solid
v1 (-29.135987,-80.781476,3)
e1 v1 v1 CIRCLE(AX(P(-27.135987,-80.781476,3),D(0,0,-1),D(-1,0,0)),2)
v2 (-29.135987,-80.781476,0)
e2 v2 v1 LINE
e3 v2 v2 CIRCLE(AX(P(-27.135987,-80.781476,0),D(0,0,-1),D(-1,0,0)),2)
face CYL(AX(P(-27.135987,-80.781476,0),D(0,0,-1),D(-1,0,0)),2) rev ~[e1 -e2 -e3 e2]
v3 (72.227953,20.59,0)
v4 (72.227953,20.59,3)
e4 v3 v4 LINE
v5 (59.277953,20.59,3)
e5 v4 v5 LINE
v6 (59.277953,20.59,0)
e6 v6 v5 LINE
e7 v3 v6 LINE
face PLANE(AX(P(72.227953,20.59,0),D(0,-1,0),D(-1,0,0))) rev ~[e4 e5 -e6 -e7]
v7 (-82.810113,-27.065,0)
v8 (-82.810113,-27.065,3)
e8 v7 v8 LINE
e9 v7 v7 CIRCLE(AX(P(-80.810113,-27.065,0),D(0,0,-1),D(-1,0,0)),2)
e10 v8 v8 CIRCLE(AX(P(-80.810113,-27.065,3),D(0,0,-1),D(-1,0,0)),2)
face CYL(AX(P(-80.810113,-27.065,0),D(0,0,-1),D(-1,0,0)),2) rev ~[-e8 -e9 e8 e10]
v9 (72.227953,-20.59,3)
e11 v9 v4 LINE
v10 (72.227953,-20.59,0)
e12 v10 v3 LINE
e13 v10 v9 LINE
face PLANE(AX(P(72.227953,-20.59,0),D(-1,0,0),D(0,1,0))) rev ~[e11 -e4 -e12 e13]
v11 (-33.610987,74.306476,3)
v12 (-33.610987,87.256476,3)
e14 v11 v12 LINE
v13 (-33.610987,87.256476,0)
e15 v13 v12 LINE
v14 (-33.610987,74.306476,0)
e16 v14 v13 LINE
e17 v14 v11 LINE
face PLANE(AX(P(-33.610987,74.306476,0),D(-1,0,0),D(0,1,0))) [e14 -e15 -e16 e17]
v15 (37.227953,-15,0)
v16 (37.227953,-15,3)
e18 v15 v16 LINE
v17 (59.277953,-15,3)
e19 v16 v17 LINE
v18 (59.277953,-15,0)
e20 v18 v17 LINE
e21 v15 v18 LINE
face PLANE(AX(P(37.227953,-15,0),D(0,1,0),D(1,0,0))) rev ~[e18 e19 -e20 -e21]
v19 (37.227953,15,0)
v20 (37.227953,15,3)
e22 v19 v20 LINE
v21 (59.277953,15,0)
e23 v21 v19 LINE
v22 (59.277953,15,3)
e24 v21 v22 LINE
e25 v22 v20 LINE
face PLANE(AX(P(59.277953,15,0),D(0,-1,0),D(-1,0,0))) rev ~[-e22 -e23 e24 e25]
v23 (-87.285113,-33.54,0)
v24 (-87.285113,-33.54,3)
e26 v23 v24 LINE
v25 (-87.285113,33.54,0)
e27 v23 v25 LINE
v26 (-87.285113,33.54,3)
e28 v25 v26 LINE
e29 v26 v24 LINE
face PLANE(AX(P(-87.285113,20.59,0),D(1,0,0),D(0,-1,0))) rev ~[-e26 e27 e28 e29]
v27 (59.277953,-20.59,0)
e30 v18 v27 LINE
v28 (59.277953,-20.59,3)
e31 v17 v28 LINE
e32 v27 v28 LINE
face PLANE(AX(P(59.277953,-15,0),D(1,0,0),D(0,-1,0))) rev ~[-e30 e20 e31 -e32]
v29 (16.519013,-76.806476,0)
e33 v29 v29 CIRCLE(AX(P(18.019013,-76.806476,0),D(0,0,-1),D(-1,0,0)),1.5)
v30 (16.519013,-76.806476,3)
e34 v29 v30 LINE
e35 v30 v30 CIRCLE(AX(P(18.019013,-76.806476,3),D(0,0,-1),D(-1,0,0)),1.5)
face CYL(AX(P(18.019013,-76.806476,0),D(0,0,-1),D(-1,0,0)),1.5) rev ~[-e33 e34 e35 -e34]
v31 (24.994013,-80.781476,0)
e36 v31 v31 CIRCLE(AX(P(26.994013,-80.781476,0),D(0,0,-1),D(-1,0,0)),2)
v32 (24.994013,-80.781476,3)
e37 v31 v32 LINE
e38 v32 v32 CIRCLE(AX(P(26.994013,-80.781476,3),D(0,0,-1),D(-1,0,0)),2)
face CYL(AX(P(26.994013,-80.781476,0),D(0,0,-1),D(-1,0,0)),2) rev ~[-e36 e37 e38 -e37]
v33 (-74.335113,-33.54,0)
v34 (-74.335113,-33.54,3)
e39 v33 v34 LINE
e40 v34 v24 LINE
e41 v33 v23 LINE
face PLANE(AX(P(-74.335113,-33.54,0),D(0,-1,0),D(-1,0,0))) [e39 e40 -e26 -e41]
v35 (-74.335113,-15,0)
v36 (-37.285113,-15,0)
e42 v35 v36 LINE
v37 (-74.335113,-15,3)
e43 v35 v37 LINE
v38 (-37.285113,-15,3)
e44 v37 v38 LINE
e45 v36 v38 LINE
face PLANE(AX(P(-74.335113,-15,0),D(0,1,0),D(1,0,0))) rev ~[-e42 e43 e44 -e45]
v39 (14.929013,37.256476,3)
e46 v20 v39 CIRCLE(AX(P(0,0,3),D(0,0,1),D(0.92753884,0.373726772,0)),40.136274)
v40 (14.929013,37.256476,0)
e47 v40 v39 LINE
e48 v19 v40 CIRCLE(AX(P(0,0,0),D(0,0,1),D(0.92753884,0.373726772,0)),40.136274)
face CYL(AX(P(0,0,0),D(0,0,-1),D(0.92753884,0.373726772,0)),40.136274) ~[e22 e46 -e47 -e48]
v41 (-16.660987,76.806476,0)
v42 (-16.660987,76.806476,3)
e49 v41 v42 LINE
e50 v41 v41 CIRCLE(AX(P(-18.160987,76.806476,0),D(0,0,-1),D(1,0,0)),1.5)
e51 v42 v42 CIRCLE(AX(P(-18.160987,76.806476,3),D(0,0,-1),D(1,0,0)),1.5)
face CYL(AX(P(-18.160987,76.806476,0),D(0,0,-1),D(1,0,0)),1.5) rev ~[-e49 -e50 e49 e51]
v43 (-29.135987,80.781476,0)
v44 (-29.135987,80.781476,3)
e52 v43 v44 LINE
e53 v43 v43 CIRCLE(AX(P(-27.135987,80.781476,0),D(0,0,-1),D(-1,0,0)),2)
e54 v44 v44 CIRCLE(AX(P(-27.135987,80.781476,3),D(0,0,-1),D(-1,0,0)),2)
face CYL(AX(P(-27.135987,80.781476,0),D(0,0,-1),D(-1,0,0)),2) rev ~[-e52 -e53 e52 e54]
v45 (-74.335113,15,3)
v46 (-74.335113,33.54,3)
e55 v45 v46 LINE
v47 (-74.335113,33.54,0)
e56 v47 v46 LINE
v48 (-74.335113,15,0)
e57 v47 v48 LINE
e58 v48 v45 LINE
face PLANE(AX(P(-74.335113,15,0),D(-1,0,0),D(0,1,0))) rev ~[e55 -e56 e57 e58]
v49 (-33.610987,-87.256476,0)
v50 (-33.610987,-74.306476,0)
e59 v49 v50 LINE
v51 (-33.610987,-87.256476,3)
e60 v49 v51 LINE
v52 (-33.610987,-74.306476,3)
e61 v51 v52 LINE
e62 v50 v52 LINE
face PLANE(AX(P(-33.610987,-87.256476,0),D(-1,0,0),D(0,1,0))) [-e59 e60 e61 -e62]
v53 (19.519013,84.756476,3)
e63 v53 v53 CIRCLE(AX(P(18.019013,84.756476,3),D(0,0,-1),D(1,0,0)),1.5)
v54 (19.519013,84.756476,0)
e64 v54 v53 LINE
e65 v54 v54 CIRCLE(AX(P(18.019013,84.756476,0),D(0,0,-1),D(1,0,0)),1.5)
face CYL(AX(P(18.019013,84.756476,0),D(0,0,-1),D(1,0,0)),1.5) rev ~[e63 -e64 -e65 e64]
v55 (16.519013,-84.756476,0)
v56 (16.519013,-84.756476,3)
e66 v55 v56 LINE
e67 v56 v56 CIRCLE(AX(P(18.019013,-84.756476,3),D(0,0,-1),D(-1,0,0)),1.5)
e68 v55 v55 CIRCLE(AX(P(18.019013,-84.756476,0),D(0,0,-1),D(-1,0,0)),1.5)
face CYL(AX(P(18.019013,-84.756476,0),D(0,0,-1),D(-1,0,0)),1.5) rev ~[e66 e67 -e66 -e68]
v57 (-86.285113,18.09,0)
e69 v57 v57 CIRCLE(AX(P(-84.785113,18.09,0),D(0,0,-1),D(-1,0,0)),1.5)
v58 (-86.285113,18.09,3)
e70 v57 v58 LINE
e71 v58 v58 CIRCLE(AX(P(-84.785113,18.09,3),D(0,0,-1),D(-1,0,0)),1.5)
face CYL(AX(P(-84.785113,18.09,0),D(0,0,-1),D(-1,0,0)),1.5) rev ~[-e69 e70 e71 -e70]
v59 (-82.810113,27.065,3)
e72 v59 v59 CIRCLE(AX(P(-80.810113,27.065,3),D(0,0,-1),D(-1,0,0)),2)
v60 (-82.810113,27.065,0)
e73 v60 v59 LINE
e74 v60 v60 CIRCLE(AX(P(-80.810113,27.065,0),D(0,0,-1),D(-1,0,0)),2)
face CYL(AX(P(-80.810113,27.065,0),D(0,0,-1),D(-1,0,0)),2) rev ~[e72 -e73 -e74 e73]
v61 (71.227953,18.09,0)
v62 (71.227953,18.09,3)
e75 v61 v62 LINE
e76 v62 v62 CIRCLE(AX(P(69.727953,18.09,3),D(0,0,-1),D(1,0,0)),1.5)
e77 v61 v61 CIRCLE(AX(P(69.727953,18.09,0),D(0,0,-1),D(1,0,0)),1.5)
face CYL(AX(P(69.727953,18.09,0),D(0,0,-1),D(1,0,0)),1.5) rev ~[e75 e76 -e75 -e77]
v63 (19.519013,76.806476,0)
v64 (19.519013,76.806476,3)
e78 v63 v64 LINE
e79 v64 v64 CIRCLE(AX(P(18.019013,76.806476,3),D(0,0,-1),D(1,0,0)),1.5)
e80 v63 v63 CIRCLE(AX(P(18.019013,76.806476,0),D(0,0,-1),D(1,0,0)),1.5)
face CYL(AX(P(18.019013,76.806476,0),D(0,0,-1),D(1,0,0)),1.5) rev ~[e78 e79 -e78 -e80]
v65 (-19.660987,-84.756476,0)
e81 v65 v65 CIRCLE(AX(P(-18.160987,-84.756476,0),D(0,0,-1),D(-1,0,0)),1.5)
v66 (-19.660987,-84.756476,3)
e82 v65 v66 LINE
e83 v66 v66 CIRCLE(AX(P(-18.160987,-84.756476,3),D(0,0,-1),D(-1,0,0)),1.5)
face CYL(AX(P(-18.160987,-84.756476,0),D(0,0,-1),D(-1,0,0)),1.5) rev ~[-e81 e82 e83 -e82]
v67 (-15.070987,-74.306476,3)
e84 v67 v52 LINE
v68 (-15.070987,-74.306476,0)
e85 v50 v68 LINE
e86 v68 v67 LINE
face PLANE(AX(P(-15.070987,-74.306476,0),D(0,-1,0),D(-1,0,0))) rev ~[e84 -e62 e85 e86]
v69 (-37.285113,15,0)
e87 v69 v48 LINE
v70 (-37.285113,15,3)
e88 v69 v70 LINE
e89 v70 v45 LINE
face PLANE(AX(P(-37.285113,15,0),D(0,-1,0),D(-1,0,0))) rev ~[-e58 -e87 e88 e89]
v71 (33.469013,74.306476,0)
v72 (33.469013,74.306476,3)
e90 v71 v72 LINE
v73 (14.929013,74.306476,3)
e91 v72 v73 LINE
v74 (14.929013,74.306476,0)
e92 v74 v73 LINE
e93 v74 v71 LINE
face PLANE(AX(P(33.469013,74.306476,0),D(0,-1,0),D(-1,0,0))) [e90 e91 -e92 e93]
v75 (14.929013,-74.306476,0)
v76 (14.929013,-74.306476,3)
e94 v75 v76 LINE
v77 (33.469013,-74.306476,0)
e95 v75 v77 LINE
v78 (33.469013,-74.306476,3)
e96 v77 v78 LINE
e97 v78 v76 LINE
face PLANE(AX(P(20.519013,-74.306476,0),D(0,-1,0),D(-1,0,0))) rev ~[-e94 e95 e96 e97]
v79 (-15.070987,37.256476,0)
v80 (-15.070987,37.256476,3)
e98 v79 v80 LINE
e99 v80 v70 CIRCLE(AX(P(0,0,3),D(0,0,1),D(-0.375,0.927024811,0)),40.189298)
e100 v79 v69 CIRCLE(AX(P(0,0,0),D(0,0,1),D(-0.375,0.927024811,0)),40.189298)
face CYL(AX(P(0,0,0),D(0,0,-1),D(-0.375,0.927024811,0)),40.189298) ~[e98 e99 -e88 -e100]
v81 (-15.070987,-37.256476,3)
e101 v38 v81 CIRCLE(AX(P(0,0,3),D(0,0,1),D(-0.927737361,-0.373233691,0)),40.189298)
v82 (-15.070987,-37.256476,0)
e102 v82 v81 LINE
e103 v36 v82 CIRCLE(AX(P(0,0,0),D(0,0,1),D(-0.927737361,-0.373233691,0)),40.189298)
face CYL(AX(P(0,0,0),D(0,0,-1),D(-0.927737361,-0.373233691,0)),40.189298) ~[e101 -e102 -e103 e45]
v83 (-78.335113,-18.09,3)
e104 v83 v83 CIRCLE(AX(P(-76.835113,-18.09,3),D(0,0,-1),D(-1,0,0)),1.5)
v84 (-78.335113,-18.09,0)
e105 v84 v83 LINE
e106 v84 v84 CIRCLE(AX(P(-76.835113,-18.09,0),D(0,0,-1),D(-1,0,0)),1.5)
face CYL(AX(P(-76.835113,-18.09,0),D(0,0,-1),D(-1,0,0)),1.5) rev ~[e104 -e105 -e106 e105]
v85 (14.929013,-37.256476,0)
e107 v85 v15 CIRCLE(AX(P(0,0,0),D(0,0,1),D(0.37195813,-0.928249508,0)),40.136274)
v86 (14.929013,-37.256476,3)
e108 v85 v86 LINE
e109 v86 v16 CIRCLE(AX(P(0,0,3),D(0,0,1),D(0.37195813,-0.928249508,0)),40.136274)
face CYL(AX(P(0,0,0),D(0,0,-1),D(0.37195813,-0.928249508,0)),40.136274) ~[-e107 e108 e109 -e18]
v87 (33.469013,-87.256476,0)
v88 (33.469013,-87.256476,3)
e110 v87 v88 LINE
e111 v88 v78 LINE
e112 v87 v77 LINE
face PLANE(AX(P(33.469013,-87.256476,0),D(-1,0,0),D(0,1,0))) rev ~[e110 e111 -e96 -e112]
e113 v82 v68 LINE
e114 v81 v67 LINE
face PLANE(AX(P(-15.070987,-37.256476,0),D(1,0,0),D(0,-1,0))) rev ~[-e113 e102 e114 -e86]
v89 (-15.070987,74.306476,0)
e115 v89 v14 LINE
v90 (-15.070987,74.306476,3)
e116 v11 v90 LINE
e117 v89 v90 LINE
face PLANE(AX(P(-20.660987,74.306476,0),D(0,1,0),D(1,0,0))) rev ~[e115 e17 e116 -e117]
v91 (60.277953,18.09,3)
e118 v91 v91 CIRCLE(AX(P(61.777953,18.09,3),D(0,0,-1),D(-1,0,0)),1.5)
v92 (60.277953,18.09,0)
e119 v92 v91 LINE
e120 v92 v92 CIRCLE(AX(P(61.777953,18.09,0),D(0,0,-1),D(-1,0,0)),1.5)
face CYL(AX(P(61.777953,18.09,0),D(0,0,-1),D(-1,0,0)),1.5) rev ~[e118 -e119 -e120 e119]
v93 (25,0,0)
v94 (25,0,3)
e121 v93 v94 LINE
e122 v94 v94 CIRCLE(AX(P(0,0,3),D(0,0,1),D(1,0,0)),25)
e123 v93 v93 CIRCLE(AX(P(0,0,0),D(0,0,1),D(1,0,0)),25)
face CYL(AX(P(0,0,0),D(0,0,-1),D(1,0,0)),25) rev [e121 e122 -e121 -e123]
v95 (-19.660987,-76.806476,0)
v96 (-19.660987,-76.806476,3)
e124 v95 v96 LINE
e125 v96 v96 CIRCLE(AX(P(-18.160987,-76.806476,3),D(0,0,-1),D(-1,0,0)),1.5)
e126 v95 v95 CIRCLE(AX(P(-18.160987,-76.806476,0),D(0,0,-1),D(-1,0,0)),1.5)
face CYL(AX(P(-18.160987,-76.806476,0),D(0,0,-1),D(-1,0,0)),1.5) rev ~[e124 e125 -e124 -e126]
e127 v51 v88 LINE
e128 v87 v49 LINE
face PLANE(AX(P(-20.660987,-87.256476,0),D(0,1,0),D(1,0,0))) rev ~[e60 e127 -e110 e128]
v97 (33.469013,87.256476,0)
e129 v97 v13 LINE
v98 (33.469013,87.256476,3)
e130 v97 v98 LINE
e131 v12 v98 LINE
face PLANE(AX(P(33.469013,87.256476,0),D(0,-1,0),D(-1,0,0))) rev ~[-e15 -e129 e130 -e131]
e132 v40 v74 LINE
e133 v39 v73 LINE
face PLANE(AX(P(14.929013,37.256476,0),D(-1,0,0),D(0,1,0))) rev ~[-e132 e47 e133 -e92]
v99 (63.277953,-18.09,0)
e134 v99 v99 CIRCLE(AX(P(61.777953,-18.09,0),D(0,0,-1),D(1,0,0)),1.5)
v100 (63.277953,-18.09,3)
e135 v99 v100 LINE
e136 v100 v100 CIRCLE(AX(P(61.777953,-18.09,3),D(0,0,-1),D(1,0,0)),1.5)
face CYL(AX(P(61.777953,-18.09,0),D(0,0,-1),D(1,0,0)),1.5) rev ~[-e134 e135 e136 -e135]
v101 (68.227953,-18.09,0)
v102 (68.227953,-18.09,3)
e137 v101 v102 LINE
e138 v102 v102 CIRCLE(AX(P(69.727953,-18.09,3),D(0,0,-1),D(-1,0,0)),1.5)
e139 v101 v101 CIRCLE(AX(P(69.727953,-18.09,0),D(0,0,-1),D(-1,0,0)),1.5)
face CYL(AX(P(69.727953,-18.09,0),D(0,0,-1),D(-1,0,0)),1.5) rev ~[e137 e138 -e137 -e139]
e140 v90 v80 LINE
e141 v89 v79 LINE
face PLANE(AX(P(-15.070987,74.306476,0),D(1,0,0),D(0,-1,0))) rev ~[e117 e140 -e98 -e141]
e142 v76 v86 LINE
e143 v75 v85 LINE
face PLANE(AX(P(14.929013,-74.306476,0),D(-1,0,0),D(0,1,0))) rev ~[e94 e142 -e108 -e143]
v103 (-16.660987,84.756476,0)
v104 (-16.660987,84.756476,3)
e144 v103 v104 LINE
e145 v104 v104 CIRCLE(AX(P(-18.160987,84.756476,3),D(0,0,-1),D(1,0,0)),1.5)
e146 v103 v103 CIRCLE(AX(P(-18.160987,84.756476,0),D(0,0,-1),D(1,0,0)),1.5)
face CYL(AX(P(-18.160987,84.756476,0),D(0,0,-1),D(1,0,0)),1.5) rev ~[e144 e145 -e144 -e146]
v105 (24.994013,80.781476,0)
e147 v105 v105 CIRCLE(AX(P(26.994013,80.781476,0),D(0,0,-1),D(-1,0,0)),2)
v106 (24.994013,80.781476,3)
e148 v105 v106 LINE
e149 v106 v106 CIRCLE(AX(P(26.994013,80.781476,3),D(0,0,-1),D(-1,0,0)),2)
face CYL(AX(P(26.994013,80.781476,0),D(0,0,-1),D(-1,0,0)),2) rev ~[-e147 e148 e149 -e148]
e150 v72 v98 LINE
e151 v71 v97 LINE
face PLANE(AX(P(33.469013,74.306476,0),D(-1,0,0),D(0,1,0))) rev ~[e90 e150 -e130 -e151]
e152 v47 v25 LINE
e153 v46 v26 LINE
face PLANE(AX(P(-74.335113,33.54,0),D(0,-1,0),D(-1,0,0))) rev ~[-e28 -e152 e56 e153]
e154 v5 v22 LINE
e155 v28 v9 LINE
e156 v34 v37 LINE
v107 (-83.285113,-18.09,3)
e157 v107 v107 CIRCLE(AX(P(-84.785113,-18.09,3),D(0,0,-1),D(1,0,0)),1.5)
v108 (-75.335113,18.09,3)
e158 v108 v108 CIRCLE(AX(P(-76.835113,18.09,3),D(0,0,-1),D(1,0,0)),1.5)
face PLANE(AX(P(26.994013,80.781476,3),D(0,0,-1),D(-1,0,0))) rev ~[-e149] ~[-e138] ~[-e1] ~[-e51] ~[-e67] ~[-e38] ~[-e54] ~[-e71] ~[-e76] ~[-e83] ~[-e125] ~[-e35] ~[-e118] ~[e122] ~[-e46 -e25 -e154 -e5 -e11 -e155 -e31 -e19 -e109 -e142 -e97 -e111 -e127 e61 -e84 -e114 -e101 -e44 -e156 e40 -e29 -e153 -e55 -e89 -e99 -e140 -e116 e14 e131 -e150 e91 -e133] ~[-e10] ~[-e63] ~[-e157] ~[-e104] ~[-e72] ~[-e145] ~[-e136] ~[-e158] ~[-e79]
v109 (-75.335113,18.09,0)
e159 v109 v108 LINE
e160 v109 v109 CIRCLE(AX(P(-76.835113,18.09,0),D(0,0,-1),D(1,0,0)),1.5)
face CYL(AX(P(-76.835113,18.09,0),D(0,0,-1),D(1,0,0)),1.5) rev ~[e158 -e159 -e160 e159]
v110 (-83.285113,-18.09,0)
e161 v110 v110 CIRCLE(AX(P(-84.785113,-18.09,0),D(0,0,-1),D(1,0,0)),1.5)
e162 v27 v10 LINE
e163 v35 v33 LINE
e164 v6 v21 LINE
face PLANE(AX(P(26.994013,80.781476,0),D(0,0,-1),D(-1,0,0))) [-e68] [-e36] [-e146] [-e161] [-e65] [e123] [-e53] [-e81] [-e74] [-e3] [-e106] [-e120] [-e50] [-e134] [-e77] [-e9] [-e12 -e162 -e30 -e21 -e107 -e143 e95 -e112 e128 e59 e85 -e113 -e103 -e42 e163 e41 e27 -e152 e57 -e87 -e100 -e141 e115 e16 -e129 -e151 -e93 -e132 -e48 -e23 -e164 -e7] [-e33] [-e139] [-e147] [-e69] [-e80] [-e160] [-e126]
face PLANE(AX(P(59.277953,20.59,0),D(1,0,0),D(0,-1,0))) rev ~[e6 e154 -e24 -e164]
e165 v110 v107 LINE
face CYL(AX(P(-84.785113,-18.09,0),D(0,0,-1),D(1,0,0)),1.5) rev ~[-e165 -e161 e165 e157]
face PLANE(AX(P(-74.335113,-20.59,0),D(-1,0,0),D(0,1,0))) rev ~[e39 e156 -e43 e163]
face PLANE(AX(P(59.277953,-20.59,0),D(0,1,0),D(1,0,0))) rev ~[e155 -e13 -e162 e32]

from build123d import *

# Parameters (mm, degrees)
CROQUIS1_R              = 25
SALIENTE_EXTRUIR1_DEPTH = 3
CROQUIS2_W              = 12.95
CROQUIS2_H              = 12.95
SALIENTE_EXTRUIR2_DEPTH = 3
CROQUIS3_R              = 2
CORTAR_EXTRUIR1_DEPTH   = 124.455998815
CROQUIS4_R              = 1.5
CORTAR_EXTRUIR2_DEPTH   = 124.455998815


with BuildPart() as part:
    # Croquis1 → Saliente-Extruir1 (new body)
    with BuildSketch(Plane.XY):
        with BuildLine():
            Line((-15.070986718, 74.306476298), (-15.070986718, 37.256476298))
            ThreePointArc((-15.070986718, 37.256476298), (-28.445175059, 28.391049341), (-37.285113206, 15))
            Line((-37.285113206, 15), (-74.335113206, 15))
            Line((-74.335113206, 15), (-74.335113206, 20.59))
            Line((-74.335113206, 20.59), (-87.285113206, 20.59))
            Line((-87.285113206, 20.59), (-87.285113206, -20.59))
            Line((-87.285113206, -20.59), (-74.335113206, -20.59))
            Line((-74.335113206, -20.59), (-74.335113206, -15))
            Line((-74.335113206, -15), (-37.285113206, -15))
            ThreePointArc((-37.285113206, -15), (-28.445175059, -28.391049341), (-15.070986718, -37.256476298))
            Line((-15.070986718, -37.256476298), (-15.070986718, -74.306476298))
            Line((-15.070986718, -74.306476298), (-20.660986718, -74.306476298))
            Line((-20.660986718, -74.306476298), (-20.660986718, -87.256476298))
            Line((-20.660986718, -87.256476298), (20.519013282, -87.256476298))
            Line((20.519013282, -87.256476298), (20.519013282, -74.306476298))
            Line((20.519013282, -74.306476298), (14.929013282, -74.306476298))
            Line((14.929013282, -74.306476298), (14.929013282, -37.256476298))
            ThreePointArc((14.929013282, -37.256476298), (28.353570497, -28.407666286), (37.22795272, -15))
            Line((37.22795272, -15), (59.27795272, -15))
            Line((59.27795272, -15), (59.27795272, -20.59))
            Line((59.27795272, -20.59), (72.22795272, -20.59))
            Line((72.22795272, -20.59), (72.22795272, 20.59))
            Line((72.22795272, 20.59), (59.27795272, 20.59))
            Line((59.27795272, 20.59), (59.27795272, 15))
            Line((59.27795272, 15), (37.22795272, 15))
            ThreePointArc((37.22795272, 15), (28.353570497, 28.407666286), (14.929013282, 37.256476298))
            Line((14.929013282, 37.256476298), (14.929013282, 74.306476298))
            Line((14.929013282, 74.306476298), (20.519013282, 74.306476298))
            Line((20.519013282, 74.306476298), (20.519013282, 87.256476298))
            Line((20.519013282, 87.256476298), (-20.660986718, 87.256476298))
            Line((-20.660986718, 87.256476298), (-20.660986718, 74.306476298))
            Line((-20.660986718, 74.306476298), (-15.070986718, 74.306476298))
        make_face()
        Circle(CROQUIS1_R, mode=Mode.SUBTRACT)
    extrude(amount=SALIENTE_EXTRUIR1_DEPTH)

    # Croquis2 → Saliente-Extruir2 (add)
    with BuildSketch(Plane(origin=(0, 0, 0), x_dir=(-1, 0, 0), z_dir=(0, 0, -1))):
        with Locations((-26.994013282, 80.781476298)):
            Rectangle(CROQUIS2_W, CROQUIS2_H)
        with Locations((27.135986718, 80.781476298)):
            Rectangle(CROQUIS2_W, CROQUIS2_H)
        with Locations((-26.994013282, -80.781476298)):
            Rectangle(CROQUIS2_W, CROQUIS2_H)
        with Locations((27.135986718, -80.781476298)):
            Rectangle(CROQUIS2_W, CROQUIS2_H)
        with Locations((80.810113206, 27.065)):
            Rectangle(CROQUIS2_W, CROQUIS2_H)
        with Locations((80.810113206, -27.065)):
            Rectangle(CROQUIS2_W, CROQUIS2_H)
    extrude(amount=-SALIENTE_EXTRUIR2_DEPTH)

    # Croquis3 → Cortar-Extruir1 (cut, through all)
    with BuildSketch(Plane(origin=(0, 0, 0), x_dir=(-1, 0, 0), z_dir=(0, 0, -1))):
        with Locations((-26.994013282, 80.781476298)):
            Circle(CROQUIS3_R)
        with Locations((27.135986718, 80.781476298)):
            Circle(CROQUIS3_R)
        with Locations((27.135986718, -80.781476298)):
            Circle(CROQUIS3_R)
        with Locations((-26.994013282, -80.781476298)):
            Circle(CROQUIS3_R)
        with Locations((80.810113206, -27.065)):
            Circle(CROQUIS3_R)
        with Locations((80.810113206, 27.065)):
            Circle(CROQUIS3_R)
    extrude(amount=-CORTAR_EXTRUIR1_DEPTH, mode=Mode.SUBTRACT)

    # Croquis4 → Cortar-Extruir2 (cut, through all)
    with BuildSketch(Plane(origin=(0, 0, 0), x_dir=(-1, 0, 0), z_dir=(0, 0, -1))):
        with Locations((-18.019013282, -84.756476298)):
            Circle(CROQUIS4_R)
        with Locations((-18.019013282, -76.806476298)):
            Circle(CROQUIS4_R)
        with Locations((18.160986718, -76.806476298)):
            Circle(CROQUIS4_R)
        with Locations((18.160986718, -84.756476298)):
            Circle(CROQUIS4_R)
        with Locations(Location((18.160986718, 76.806476298, 0), (0, 0, 180))):
            Circle(CROQUIS4_R)
        with Locations(Location((18.160986718, 84.756476298, 0), (0, 0, 180))):
            Circle(CROQUIS4_R)
        with Locations(Location((-18.019013282, 84.756476298, 0), (0, 0, 180))):
            Circle(CROQUIS4_R)
        with Locations(Location((-18.019013282, 76.806476298, 0), (0, 0, 180))):
            Circle(CROQUIS4_R)
        with Locations((76.835113206, -18.09)):
            Circle(CROQUIS4_R)
        with Locations(Location((84.785113206, -18.09, 0), (0, 0, 180))):
            Circle(CROQUIS4_R)
        with Locations(Location((76.835113206, 18.09, 0), (0, 0, 180))):
            Circle(CROQUIS4_R)
        with Locations((84.785113206, 18.09)):
            Circle(CROQUIS4_R)
        with Locations((-69.72795272, -18.09)):
            Circle(CROQUIS4_R)
        with Locations(Location((-61.77795272, -18.09, 0), (0, 0, 180))):
            Circle(CROQUIS4_R)
        with Locations(Location((-69.72795272, 18.09, 0), (0, 0, 180))):
            Circle(CROQUIS4_R)
        with Locations((-61.77795272, 18.09)):
            Circle(CROQUIS4_R)
    extrude(amount=-CORTAR_EXTRUIR2_DEPTH, mode=Mode.SUBTRACT)


solid = part.part
